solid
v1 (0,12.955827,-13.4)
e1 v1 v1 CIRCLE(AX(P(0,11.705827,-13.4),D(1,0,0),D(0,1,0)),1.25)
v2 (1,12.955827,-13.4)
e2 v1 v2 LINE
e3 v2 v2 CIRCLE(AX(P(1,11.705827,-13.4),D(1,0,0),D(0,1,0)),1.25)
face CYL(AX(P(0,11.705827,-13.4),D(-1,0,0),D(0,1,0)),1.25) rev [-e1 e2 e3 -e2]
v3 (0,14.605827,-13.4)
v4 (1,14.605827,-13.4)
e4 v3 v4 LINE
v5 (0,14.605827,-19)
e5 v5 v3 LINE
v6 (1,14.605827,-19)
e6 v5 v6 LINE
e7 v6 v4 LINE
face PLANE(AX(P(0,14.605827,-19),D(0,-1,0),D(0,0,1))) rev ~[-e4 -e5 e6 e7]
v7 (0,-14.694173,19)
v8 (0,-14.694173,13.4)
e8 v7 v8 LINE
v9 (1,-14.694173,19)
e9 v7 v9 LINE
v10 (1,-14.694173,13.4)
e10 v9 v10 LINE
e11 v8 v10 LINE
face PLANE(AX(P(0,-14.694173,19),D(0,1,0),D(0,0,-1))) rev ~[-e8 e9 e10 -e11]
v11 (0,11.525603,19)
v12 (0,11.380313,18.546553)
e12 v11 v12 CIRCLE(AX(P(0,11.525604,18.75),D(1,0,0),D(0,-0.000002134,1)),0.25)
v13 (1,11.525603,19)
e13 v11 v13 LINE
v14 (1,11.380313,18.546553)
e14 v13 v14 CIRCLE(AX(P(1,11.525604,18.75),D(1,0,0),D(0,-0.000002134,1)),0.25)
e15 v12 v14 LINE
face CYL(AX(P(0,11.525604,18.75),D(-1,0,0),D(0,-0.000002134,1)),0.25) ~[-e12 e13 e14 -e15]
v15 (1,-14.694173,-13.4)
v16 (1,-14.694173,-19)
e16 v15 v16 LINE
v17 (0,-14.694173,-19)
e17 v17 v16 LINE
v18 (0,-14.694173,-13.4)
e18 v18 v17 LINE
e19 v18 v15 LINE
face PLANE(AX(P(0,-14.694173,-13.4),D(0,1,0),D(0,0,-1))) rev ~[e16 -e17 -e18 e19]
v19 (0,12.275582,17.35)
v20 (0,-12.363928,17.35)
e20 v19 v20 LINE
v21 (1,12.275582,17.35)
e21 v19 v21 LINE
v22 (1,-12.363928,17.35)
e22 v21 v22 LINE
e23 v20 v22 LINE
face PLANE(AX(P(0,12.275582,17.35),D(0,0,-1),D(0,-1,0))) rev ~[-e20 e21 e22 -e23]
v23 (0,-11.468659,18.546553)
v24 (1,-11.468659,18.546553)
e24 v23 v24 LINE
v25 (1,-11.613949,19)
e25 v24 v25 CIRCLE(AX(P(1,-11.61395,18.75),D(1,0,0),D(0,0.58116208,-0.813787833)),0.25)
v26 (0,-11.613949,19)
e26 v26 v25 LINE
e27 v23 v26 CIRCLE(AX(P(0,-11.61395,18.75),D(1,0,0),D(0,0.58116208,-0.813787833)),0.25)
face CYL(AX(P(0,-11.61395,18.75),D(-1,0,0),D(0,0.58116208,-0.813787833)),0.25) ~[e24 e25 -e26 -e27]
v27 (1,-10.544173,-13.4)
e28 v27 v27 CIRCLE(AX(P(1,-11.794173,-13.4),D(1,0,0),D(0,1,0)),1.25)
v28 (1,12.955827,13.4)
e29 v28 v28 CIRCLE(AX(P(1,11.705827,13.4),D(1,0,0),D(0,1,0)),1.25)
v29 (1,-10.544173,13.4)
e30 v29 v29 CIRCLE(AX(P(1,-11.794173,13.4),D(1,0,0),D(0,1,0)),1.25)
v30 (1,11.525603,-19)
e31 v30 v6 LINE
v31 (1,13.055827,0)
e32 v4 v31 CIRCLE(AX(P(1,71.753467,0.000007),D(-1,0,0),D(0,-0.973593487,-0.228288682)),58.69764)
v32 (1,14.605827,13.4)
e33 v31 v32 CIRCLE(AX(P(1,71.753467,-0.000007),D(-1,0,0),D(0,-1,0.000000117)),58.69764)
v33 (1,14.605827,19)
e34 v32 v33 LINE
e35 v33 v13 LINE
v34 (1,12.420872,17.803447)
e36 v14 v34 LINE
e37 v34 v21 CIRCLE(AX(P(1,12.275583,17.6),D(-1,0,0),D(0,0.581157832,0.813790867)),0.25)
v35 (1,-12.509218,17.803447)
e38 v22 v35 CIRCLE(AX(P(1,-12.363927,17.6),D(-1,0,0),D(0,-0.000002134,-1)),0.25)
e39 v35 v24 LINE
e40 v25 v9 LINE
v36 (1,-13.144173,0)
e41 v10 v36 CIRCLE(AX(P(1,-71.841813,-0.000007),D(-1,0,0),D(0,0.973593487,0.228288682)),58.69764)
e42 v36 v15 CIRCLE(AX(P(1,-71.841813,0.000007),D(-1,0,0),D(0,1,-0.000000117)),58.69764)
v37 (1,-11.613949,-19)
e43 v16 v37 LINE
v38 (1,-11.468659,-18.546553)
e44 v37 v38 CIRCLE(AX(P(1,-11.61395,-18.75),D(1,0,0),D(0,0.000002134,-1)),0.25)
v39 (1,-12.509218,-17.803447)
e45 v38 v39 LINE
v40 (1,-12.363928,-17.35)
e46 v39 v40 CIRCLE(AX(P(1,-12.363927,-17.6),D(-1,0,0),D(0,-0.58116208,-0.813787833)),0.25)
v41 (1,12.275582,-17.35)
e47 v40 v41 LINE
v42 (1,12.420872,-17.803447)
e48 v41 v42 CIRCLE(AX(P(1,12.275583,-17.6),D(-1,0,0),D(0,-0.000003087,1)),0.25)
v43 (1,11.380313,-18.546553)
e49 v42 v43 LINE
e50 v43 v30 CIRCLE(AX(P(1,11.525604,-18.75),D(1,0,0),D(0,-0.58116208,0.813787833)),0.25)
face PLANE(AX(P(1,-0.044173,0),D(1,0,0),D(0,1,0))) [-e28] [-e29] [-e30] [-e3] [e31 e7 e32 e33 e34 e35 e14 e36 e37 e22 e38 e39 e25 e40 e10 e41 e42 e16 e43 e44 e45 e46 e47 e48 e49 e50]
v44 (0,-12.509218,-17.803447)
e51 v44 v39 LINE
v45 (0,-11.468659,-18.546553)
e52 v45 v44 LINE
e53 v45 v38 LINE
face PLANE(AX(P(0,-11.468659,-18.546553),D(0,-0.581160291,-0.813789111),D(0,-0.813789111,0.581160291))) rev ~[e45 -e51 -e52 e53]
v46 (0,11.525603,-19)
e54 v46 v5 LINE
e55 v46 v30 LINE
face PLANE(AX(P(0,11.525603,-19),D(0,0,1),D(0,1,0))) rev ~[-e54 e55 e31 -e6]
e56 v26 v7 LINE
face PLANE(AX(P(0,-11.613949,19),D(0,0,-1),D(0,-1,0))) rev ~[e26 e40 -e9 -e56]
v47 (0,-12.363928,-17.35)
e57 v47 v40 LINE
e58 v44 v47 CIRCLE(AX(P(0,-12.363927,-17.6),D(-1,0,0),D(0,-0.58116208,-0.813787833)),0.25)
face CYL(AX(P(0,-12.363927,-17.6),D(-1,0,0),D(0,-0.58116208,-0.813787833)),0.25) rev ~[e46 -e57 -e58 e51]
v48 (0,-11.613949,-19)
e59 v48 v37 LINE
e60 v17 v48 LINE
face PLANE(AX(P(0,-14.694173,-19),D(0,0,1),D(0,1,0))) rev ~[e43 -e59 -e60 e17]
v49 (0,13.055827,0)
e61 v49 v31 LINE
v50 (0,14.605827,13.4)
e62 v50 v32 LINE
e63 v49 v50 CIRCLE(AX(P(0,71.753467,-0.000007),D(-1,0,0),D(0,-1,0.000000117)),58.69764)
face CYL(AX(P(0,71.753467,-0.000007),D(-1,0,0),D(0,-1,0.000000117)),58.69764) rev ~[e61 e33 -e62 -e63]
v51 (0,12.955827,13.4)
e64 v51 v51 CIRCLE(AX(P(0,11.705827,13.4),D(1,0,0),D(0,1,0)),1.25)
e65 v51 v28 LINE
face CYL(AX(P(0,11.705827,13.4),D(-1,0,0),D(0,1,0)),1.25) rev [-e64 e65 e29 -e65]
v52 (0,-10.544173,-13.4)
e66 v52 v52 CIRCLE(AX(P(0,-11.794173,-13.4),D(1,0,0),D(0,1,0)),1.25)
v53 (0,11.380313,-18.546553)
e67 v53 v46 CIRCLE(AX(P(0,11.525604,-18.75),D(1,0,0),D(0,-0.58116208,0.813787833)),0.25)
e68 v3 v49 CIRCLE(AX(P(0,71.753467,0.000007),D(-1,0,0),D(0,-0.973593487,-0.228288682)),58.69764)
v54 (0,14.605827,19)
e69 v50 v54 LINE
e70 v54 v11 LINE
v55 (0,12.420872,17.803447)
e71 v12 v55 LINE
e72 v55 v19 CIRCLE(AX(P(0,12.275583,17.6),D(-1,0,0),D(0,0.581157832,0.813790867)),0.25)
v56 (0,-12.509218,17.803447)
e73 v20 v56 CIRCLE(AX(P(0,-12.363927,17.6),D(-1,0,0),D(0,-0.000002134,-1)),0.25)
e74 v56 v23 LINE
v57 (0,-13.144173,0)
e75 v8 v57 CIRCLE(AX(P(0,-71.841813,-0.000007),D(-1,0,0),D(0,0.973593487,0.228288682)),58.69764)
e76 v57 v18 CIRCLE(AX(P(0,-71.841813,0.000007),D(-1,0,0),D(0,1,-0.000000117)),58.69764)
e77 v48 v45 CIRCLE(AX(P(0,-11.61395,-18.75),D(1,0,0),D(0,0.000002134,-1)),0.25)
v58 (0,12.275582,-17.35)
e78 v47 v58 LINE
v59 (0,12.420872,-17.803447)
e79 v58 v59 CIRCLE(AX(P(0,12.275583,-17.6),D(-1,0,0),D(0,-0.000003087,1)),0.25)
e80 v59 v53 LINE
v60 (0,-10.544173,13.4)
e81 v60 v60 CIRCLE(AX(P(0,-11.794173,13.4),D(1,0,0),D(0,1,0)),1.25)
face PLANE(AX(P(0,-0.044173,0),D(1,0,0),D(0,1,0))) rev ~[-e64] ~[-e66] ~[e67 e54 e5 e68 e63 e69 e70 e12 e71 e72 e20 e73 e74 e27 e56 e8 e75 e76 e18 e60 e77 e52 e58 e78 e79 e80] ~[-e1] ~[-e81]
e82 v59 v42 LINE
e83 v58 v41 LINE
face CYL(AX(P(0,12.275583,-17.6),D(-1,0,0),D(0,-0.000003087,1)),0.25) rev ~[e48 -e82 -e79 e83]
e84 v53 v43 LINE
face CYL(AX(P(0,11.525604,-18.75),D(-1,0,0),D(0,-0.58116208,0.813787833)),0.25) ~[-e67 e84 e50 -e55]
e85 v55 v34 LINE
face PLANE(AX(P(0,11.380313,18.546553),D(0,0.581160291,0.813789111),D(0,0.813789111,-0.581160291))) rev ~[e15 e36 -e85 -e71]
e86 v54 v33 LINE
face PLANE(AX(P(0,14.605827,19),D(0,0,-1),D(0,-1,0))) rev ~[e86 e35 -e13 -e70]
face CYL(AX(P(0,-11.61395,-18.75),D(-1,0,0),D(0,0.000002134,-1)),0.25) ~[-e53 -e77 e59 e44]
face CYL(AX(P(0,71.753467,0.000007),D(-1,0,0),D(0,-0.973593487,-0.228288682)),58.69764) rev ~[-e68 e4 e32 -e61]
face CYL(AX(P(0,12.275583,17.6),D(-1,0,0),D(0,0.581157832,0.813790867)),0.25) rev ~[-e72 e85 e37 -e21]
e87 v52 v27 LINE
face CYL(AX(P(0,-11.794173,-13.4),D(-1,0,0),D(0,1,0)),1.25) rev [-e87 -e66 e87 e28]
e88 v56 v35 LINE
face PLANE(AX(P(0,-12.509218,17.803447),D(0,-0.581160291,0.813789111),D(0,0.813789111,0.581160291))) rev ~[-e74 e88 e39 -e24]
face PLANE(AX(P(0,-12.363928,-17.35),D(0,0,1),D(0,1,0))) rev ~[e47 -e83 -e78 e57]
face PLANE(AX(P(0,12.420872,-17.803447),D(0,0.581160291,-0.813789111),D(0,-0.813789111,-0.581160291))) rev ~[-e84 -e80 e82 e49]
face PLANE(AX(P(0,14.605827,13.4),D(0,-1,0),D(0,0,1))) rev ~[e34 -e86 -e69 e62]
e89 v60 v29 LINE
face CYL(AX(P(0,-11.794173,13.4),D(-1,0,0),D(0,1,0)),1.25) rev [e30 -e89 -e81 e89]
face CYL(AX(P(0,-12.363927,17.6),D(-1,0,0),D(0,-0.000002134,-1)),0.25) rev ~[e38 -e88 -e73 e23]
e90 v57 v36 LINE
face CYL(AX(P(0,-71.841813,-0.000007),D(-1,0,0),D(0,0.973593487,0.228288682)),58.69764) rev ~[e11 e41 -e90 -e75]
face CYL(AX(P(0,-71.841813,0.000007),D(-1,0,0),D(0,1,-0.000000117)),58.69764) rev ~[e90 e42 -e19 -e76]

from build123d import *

# Parameters (mm, degrees)
F1_DEPTH = 1
F2_R     = 1.25
F3_DEPTH = 1


with BuildPart() as f1:
    # F0 (on Right) → F1 (new body)
    with BuildSketch(Plane.YZ):
        with BuildLine():
            Line((12.275582, 17.35), (-0.044173, 17.35))
            Line((-0.044173, 17.35), (-12.363928, 17.35))
            ThreePointArc((-12.363928, 17.35), (-12.602005, 17.523717), (-12.509218, 17.803447))
            Line((-12.509218, 17.803447), (-11.468659, 18.546553))
            ThreePointArc((-11.468659, 18.546553), (-11.375872, 18.826283), (-11.613949, 19))
            Line((-11.613949, 19), (-14.694173, 19))
            Line((-14.694173, 19), (-14.694173, 13.4))
            ThreePointArc((-14.694173, 13.4), (-13.532961, 6.744674), (-13.144173, 0))
            ThreePointArc((-13.144173, 0), (-13.532961, -6.744674), (-14.694173, -13.4))
            Line((-14.694173, -13.4), (-14.694173, -19))
            Line((-14.694173, -19), (-11.613949, -19))
            ThreePointArc((-11.613949, -19), (-11.375872, -18.826283), (-11.468659, -18.546553))
            Line((-11.468659, -18.546553), (-12.509218, -17.803447))
            ThreePointArc((-12.509218, -17.803447), (-12.602005, -17.523717), (-12.363928, -17.35))
            Line((-12.363928, -17.35), (-0.044173, -17.35))
            Line((-0.044173, -17.35), (12.275582, -17.35))
            ThreePointArc((12.275582, -17.35), (12.51366, -17.523717), (12.420872, -17.803447))
            Line((12.420872, -17.803447), (11.380313, -18.546553))
            ThreePointArc((11.380313, -18.546553), (11.287526, -18.826283), (11.525603, -19))
            Line((11.525603, -19), (14.605827, -19))
            Line((14.605827, -19), (14.605827, -13.4))
            ThreePointArc((14.605827, -13.4), (13.444615, -6.744674), (13.055827, 0))
            ThreePointArc((13.055827, 0), (13.444615, 6.744674), (14.605827, 13.4))
            Line((14.605827, 13.4), (14.605827, 19))
            Line((14.605827, 19), (11.525603, 19))
            ThreePointArc((11.525603, 19), (11.287526, 18.826283), (11.380313, 18.546553))
            Line((11.380313, 18.546553), (12.420872, 17.803447))
            ThreePointArc((12.420872, 17.803447), (12.51366, 17.523717), (12.275582, 17.35))
        make_face()
    extrude(amount=F1_DEPTH)

    # F2 (on face) → F3 (cut, through all)
    with BuildSketch(Plane.YZ):
        with Locations((11.705827, 13.4)):
            Circle(F2_R)
        with Locations((-11.794173, 13.4)):
            Circle(F2_R)
        with Locations((-11.794173, -13.4)):
            Circle(F2_R)
        with Locations((11.705827, -13.4)):
            Circle(F2_R)
    extrude(amount=F3_DEPTH, mode=Mode.SUBTRACT)


solid = f1.part
